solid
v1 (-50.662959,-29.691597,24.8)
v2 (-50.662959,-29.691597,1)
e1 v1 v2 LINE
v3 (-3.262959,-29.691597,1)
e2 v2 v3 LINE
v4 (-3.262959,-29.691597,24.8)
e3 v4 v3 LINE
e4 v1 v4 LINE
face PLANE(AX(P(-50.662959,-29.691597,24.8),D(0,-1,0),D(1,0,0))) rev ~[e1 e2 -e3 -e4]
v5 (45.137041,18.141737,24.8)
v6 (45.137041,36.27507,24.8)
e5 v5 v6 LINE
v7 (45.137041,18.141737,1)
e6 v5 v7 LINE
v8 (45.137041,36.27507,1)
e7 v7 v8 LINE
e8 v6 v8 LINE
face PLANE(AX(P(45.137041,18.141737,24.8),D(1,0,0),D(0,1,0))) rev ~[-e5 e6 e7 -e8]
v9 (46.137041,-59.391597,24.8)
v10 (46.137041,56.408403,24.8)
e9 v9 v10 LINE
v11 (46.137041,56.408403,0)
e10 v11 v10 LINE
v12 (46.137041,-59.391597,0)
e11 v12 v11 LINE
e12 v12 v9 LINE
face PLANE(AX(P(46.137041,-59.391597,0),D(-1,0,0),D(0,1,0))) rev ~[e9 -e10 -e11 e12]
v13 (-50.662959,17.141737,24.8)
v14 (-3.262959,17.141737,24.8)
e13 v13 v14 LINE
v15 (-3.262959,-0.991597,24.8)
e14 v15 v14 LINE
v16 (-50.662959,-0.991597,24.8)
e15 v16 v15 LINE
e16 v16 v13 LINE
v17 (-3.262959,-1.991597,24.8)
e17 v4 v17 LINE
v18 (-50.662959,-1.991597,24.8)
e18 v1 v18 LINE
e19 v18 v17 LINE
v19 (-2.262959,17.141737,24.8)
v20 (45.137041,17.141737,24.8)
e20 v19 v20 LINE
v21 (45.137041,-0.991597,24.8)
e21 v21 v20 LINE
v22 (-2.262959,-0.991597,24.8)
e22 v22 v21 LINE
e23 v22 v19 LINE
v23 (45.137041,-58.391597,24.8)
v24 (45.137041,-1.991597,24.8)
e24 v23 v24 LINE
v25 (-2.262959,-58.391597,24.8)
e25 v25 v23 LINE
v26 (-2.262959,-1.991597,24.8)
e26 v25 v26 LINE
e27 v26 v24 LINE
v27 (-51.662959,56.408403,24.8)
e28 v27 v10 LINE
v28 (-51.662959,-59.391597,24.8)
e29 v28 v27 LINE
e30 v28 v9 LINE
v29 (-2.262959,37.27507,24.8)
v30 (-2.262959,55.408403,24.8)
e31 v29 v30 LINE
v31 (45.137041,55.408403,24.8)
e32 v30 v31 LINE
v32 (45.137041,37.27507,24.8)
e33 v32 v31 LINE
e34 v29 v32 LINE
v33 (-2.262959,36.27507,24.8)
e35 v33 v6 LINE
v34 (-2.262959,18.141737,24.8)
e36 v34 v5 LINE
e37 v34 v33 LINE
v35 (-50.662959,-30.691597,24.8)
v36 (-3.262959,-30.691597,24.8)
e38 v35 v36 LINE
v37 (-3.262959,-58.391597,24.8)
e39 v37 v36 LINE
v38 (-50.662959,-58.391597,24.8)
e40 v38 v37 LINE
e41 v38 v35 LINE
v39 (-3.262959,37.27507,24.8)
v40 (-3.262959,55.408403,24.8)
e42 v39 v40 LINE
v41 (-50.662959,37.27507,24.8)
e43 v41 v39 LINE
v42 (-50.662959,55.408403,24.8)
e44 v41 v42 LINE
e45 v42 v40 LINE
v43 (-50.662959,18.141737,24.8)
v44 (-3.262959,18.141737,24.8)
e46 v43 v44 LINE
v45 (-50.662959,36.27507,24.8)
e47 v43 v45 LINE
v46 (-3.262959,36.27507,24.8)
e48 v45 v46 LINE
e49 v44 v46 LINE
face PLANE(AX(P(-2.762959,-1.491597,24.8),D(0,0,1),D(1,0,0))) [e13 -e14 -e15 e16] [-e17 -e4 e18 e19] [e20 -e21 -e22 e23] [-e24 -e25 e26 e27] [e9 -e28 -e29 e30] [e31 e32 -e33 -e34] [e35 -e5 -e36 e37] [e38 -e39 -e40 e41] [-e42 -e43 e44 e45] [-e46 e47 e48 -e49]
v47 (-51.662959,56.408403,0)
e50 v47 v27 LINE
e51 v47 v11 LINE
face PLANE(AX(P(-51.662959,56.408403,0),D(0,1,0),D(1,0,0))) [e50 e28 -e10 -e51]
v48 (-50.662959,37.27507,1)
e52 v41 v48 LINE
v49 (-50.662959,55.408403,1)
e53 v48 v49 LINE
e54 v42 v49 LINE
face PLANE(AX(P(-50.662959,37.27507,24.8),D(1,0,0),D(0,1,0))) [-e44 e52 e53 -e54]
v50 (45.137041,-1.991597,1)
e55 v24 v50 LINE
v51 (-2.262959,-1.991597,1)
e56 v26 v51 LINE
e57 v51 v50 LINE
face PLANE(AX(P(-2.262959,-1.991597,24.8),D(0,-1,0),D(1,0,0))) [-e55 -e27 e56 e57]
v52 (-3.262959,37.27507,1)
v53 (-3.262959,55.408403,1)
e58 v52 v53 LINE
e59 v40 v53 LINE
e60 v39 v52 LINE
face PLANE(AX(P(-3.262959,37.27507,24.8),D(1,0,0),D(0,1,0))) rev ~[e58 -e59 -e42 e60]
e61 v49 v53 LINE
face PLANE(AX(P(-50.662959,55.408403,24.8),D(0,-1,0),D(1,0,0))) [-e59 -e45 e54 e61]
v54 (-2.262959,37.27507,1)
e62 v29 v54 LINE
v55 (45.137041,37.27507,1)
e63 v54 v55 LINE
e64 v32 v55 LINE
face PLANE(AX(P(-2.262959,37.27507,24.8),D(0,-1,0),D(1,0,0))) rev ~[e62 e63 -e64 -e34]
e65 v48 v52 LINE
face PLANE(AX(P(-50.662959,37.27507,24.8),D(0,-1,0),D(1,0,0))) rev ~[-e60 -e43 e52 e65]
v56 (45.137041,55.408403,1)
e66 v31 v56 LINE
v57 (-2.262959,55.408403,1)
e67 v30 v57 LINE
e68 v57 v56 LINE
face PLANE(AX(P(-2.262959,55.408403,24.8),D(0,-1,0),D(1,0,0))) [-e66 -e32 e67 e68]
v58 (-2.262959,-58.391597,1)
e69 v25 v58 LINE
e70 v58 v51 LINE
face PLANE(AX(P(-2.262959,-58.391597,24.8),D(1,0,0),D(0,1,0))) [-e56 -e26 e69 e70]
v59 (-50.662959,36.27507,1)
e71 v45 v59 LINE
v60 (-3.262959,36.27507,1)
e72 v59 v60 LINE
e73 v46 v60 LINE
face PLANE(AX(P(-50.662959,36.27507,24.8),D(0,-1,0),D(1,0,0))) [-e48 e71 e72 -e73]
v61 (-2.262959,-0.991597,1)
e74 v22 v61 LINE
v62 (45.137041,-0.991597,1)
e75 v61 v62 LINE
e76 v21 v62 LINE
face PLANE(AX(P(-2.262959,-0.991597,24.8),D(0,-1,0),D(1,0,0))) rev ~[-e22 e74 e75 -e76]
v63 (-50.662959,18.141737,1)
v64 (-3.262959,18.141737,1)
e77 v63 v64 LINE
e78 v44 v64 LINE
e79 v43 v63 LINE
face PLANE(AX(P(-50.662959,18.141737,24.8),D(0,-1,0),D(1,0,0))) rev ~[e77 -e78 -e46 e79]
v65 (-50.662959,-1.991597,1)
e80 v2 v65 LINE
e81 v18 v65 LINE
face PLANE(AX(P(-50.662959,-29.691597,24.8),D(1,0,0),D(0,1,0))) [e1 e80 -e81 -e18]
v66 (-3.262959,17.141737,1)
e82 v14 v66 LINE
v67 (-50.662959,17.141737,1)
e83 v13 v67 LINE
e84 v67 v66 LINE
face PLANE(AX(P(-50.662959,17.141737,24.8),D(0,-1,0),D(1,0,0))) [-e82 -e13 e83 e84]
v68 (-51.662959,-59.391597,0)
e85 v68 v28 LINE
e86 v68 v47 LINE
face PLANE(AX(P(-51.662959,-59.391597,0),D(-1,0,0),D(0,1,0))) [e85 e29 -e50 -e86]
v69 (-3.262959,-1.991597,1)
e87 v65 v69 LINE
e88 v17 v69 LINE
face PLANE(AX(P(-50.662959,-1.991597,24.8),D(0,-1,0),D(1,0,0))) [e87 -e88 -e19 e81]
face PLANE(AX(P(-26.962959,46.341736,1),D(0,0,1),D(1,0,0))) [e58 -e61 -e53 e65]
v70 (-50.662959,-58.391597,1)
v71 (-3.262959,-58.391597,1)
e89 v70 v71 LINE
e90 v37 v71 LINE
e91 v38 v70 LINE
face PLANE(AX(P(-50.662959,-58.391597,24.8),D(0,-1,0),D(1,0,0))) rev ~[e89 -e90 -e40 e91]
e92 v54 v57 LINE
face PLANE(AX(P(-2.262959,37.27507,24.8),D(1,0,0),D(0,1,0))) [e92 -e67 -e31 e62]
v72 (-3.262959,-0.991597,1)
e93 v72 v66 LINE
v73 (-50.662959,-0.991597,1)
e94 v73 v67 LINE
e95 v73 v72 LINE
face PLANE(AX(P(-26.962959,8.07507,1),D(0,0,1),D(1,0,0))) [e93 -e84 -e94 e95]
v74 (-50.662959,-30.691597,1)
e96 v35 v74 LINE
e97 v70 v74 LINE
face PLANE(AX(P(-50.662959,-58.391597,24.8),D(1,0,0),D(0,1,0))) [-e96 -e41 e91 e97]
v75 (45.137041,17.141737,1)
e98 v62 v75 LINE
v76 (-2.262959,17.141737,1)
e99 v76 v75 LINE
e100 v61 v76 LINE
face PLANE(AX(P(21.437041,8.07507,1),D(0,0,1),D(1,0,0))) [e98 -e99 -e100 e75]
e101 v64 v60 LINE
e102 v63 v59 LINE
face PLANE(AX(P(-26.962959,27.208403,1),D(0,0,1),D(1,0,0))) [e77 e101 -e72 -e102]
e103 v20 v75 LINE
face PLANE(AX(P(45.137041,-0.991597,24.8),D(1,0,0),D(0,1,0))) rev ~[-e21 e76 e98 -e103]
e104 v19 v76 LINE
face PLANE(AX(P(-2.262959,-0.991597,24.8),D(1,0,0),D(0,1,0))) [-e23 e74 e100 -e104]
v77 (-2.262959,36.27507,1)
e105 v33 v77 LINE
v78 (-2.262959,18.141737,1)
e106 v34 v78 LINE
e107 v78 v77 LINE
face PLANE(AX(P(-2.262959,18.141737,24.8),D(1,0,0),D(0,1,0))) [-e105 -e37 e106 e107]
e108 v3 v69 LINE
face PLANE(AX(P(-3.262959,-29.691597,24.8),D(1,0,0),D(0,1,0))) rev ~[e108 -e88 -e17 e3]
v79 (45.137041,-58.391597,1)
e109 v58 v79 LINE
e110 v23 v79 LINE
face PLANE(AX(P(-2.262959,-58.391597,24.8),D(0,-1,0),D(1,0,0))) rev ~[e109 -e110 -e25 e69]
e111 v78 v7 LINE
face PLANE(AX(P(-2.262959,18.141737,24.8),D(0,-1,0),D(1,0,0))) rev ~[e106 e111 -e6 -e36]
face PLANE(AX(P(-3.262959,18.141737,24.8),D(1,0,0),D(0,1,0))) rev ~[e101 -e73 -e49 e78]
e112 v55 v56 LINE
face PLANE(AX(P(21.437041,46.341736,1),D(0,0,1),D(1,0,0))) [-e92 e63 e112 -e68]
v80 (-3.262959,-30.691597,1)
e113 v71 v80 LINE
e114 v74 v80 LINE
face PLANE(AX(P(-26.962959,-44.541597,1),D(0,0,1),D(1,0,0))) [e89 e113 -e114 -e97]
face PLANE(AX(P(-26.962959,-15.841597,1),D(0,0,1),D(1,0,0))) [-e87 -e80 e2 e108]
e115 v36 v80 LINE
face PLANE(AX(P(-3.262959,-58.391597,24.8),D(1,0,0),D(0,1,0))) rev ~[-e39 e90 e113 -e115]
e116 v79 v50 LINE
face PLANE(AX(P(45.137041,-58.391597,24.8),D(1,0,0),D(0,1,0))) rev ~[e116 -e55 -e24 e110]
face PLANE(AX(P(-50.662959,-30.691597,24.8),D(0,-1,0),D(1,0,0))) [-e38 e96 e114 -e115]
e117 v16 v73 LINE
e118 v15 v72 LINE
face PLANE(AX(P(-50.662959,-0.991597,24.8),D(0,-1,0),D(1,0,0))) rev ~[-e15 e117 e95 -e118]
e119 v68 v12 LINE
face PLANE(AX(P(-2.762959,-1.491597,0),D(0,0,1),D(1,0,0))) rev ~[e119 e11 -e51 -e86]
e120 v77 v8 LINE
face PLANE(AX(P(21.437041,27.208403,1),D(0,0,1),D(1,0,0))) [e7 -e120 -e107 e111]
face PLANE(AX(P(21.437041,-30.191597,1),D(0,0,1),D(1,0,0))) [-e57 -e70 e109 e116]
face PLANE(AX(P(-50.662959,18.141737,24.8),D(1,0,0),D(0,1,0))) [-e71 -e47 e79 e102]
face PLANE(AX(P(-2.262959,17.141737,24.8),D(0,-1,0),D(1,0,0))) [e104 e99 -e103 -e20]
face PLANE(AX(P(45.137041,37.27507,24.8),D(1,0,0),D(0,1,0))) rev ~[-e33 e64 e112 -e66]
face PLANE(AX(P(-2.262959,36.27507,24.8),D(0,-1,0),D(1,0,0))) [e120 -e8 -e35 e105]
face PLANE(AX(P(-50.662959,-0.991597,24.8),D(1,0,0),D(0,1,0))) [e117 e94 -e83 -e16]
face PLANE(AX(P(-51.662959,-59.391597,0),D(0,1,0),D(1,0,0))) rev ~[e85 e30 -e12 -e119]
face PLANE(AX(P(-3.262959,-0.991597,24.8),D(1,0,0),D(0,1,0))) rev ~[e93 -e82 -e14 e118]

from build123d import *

# Parameters (mm, degrees)
F0_W     = 97.8
F0_H     = 115.8
F1_DEPTH = 24.8
F2_W     = 47.4
F2_H     = 27.7
F2_H_2   = 56.4
F2_H_3   = 18.133334
F2_H_4   = 18.133333
F3_DEPTH = 23.8


with BuildPart() as f1:
    # F0 (on Top) → F1 (new body)
    with BuildSketch(Plane.XY):
        with Locations((-2.762959, -1.491597)):
            Rectangle(F0_W, F0_H)
    extrude(amount=F1_DEPTH)

    # F2 (on face) → F3 (cut)
    with BuildSketch(Plane.XY.offset(24.8)):
        with Locations((-26.962959, -44.541597)):
            Rectangle(F2_W, F2_H)
        with Locations((-26.962959, -15.841597)):
            Rectangle(F2_W, F2_H)
        with Locations((21.437041, -30.191597)):
            Rectangle(F2_W, F2_H_2)
        with Locations((21.437041, 8.07507)):
            Rectangle(F2_W, F2_H_3)
        with Locations((-26.962959, 8.07507)):
            Rectangle(F2_W, F2_H_3)
        with Locations((-26.962959, 27.208403)):
            Rectangle(F2_W, F2_H_4)
        with Locations((21.437041, 27.208403)):
            Rectangle(F2_W, F2_H_4)
        with Locations((21.437041, 46.341736)):
            Rectangle(F2_W, F2_H_4)
        with Locations((-26.962959, 46.341736)):
            Rectangle(F2_W, F2_H_4)
    extrude(amount=-F3_DEPTH, mode=Mode.SUBTRACT)


solid = f1.part
